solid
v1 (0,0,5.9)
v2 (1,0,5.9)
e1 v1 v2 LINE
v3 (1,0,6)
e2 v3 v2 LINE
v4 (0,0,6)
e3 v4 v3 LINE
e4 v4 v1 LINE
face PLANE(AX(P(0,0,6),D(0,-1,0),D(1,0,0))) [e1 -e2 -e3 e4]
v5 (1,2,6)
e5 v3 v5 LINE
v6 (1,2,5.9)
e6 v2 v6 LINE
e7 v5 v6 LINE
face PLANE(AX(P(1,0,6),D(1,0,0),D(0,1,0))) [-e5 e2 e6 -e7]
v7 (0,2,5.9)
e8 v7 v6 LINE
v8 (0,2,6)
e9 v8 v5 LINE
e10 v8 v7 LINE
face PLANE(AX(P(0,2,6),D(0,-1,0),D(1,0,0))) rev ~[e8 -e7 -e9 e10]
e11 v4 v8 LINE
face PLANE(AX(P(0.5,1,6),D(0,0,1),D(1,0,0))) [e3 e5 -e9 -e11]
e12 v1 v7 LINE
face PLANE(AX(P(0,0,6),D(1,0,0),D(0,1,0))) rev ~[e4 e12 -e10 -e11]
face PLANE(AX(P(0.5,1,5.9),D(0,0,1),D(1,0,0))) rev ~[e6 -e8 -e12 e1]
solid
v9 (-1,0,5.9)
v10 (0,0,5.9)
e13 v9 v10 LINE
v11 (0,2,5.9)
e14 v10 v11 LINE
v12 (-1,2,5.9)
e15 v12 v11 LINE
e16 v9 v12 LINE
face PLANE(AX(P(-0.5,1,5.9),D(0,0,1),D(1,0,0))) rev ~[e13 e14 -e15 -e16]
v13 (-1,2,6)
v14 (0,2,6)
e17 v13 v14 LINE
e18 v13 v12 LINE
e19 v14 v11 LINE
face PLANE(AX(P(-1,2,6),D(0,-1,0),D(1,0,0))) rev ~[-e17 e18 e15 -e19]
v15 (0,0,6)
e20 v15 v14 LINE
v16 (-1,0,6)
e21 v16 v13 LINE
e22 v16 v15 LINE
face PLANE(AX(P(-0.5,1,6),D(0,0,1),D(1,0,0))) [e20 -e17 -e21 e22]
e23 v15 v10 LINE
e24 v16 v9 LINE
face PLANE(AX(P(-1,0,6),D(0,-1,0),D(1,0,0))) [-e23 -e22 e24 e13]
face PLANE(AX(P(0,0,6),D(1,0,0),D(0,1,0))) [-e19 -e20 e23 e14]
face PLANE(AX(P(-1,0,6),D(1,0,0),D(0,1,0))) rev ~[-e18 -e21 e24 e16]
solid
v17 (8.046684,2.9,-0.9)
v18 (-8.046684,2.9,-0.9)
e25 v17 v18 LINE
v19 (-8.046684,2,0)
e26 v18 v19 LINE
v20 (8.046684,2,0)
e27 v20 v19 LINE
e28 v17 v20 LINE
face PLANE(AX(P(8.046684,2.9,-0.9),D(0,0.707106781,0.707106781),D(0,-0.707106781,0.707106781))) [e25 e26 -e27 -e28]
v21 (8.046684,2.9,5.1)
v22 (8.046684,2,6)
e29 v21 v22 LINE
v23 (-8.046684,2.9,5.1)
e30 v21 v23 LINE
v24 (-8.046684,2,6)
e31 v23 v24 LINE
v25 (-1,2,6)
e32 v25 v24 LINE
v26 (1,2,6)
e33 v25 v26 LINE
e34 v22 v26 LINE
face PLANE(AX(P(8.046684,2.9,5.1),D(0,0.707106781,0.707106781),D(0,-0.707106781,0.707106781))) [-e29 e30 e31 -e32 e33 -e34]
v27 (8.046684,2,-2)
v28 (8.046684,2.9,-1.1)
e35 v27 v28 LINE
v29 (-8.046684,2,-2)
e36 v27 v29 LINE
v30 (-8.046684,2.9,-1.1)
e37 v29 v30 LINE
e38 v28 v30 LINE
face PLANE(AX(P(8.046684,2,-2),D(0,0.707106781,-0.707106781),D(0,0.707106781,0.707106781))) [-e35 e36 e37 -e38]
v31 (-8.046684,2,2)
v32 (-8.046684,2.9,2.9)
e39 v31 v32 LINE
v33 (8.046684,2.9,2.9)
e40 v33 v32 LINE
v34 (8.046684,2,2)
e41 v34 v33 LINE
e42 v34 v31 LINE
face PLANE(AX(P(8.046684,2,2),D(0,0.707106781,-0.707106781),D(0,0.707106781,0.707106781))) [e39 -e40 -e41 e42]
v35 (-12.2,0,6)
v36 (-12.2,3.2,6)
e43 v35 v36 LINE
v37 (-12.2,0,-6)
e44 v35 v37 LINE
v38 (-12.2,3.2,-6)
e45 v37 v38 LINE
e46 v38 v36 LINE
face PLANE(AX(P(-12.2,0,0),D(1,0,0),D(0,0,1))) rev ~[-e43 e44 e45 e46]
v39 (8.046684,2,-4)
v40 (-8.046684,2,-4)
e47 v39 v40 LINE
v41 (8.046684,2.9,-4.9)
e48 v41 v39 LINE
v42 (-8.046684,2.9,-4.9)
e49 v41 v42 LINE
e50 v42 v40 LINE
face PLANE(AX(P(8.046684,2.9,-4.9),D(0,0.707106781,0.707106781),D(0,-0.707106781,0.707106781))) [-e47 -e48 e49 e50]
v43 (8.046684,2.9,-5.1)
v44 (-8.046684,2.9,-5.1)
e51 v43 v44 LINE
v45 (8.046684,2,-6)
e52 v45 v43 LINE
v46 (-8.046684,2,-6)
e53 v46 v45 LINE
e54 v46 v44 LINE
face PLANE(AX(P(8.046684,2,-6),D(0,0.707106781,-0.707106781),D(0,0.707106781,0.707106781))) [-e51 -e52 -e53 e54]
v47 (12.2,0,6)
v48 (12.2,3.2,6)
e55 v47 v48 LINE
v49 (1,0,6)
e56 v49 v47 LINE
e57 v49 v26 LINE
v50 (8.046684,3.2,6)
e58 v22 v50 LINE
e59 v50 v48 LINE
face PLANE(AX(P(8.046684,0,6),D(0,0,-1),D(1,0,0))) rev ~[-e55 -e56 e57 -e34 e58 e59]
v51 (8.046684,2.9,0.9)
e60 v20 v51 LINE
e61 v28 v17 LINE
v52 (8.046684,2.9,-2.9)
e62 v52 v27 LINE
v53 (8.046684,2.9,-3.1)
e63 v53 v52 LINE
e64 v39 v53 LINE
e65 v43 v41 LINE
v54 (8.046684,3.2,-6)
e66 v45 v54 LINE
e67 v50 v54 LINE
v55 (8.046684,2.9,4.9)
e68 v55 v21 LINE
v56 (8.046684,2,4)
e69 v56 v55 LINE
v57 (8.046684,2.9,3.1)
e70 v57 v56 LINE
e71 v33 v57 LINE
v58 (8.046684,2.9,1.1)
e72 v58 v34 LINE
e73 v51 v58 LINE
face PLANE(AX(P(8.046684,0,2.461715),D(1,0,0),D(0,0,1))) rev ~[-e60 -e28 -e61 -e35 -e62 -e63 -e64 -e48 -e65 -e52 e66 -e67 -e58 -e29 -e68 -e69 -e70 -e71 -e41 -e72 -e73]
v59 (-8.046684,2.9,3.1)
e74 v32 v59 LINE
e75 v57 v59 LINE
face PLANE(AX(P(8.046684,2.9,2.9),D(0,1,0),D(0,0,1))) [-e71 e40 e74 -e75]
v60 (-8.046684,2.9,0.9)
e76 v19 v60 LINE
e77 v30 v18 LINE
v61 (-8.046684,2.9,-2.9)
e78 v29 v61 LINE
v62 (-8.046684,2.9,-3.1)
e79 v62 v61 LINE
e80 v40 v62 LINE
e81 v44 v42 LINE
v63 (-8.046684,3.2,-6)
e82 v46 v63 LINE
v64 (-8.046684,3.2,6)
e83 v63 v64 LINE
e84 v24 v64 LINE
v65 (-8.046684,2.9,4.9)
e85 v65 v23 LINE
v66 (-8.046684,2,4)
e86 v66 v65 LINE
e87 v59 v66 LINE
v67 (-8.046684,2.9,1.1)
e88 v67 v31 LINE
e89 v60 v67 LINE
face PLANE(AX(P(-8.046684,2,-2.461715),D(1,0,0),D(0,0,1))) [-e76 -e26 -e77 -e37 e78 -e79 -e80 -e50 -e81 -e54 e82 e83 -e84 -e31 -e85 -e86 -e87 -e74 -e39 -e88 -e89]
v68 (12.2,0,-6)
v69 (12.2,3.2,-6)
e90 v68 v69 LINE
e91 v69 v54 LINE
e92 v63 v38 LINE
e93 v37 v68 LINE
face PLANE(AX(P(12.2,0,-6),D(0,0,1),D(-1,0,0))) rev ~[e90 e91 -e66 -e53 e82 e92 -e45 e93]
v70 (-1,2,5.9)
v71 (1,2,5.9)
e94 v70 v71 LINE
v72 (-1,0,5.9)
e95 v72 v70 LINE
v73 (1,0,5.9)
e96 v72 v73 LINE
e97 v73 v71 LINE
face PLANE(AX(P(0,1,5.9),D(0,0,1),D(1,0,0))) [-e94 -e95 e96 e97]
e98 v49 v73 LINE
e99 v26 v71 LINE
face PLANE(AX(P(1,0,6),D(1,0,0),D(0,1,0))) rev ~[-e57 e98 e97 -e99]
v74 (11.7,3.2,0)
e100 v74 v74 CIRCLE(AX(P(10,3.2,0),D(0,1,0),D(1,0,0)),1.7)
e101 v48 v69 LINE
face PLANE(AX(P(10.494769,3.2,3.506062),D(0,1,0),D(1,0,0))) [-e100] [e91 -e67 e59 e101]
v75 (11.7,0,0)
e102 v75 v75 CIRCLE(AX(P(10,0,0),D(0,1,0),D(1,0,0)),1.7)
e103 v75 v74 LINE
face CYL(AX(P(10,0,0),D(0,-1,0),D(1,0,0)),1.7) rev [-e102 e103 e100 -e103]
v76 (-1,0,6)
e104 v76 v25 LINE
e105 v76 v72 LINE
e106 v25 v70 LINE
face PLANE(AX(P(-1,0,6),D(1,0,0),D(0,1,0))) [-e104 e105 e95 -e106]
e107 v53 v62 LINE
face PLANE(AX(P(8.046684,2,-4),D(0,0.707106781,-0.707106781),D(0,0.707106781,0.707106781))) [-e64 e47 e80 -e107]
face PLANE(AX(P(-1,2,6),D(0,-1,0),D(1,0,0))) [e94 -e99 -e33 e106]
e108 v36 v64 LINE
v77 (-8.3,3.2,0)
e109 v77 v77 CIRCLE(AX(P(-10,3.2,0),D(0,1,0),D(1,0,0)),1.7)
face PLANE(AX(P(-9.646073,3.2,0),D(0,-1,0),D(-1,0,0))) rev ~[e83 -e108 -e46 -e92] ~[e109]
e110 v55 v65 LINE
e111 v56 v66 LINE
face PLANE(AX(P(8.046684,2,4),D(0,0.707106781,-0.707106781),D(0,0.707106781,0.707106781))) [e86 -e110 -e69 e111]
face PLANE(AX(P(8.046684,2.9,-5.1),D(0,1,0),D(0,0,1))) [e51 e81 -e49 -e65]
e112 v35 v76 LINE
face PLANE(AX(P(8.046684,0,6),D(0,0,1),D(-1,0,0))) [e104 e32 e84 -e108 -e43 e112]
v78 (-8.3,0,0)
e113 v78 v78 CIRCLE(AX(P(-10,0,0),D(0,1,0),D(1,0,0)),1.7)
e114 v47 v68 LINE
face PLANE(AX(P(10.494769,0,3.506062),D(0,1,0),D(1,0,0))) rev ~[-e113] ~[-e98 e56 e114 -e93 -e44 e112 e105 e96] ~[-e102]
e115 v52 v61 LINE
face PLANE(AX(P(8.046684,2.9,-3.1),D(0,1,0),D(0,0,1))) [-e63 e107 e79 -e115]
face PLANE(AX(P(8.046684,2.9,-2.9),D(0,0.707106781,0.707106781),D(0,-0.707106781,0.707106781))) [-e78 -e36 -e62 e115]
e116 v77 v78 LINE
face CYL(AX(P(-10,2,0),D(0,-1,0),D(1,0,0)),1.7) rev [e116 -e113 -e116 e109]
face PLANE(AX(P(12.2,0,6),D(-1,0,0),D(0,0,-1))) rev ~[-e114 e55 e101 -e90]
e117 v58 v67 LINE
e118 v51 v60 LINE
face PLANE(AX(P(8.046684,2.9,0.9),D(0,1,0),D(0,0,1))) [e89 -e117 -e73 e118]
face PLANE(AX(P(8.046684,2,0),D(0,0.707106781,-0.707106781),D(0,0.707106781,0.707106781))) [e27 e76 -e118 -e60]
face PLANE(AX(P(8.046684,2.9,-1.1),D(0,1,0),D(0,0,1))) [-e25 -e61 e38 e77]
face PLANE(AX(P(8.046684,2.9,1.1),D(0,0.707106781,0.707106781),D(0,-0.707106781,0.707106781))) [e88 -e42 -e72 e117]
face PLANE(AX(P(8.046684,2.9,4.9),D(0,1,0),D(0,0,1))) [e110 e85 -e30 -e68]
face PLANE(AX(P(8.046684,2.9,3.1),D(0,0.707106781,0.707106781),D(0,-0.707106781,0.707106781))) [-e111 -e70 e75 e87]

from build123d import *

# Parameters (mm, degrees)
CROQUIS1_R              = 1.7
SALIENTE_EXTRUIR1_DEPTH = 2
SALIENTE_EXTRUIR2_START = 4.796684
SALIENTE_EXTRUIR2_DEPTH = 16.093368
MATRIZL1_COUNT          = 6
MATRIZL1_PITCH          = 2
SKETCH1_W               = 2
SKETCH1_H               = 2
CUT_EXTRUDE1_DEPTH      = 0.1
SKETCH1_3_W             = 1
SKETCH1_3_H             = 2
BOSS_EXTRUDE1_DEPTH     = 0.1
SKETCH1_4_W             = 1
SKETCH1_4_H             = 2
BOSS_EXTRUDE2_DEPTH     = 0.1
BOSS_EXTRUDE3_START     = 2
CROQUIS1_4_R            = 1.7
BOSS_EXTRUDE3_DEPTH     = 1.2
BOSS_EXTRUDE4_DEPTH     = 3.2


with BuildPart() as part:
    # Croquis1 → Saliente-Extruir1 (new body)
    with BuildSketch(Plane(origin=(0, 0, 0), x_dir=(1, 0, 0), z_dir=(0, 1, 0))):
        Polygon((-8.046684223, -2.46171515), (-8.046684223, 2.46171515), (-8.046684223, 6), (8.046684223, 6), (8.046684223, 2.46171515), (8.046684223, -2.46171515), (8.046684223, -6), (-8.046684223, -6), align=None)
        with BuildLine():
            Line((8.046684223, -2.46171515), (8.046684223, 2.46171515))
            ThreePointArc((8.046684223, 2.46171515), (8.827888747, 2.181898598), (9.657649034, 2.173199442))
            ThreePointArc((9.657649034, 2.173199442), (12.2, 0), (9.657649034, -2.173199442))
            ThreePointArc((9.657649034, -2.173199442), (8.827888747, -2.181898598), (8.046684223, -2.46171515))
        make_face()
        with Locations((10, 0)):
            Circle(CROQUIS1_R, mode=Mode.SUBTRACT)
        with BuildLine():
            ThreePointArc((-9.657649034, -2.173199442), (-12.2, 0), (-9.657649034, 2.173199442))
            ThreePointArc((-9.657649034, 2.173199442), (-8.827888747, 2.181898598), (-8.046684223, 2.46171515))
            Line((-8.046684223, 2.46171515), (-8.046684223, -2.46171515))
            ThreePointArc((-8.046684223, -2.46171515), (-8.827888747, -2.181898598), (-9.657649034, -2.173199442))
        make_face()
        with Locations((-10, 0)):
            Circle(CROQUIS1_R, mode=Mode.SUBTRACT)
    extrude(amount=SALIENTE_EXTRUIR1_DEPTH)

    # Croquis4 → Saliente-Extruir2 (add)
    with BuildSketch(Plane(origin=(3.25, 0, 0), x_dir=(0, 0, -1), z_dir=(1, 0, 0)).offset(SALIENTE_EXTRUIR2_START)):
        Polygon((-6, 2), (-4, 2), (-4.9, 2.9), (-5.1, 2.9), align=None)
    saliente_extruir2 = extrude(amount=-SALIENTE_EXTRUIR2_DEPTH)

    # MatrizL1: Saliente-Extruir2 ×6
    with Locations(*[(0, 0, -i * MATRIZL1_PITCH) for i in range(1, MATRIZL1_COUNT)]):
        add(saliente_extruir2)

    # Sketch1 → Cut-Extrude1 (cut)
    with BuildSketch(Plane.XY.offset(6)):
        with Locations((0, 1)):
            Rectangle(SKETCH1_W, SKETCH1_H)
    extrude(amount=-CUT_EXTRUDE1_DEPTH, mode=Mode.SUBTRACT)

    # Croquis1<4> → Boss-Extrude3 (add)
    with BuildSketch(Plane(origin=(0, 0, 0), x_dir=(1, 0, 0), z_dir=(0, 1, 0)).offset(BOSS_EXTRUDE3_START)):
        with BuildLine():
            ThreePointArc((-9.657649034, -2.173199442), (-12.2, 0), (-9.657649034, 2.173199442))
            ThreePointArc((-9.657649034, 2.173199442), (-8.827888747, 2.181898598), (-8.046684223, 2.46171515))
            Line((-8.046684223, 2.46171515), (-8.046684223, -2.46171515))
            ThreePointArc((-8.046684223, -2.46171515), (-8.827888747, -2.181898598), (-9.657649034, -2.173199442))
        make_face()
        with Locations((-10, 0)):
            Circle(CROQUIS1_4_R, mode=Mode.SUBTRACT)
        with BuildLine():
            Line((8.046684223, -2.46171515), (8.046684223, 2.46171515))
            ThreePointArc((8.046684223, 2.46171515), (8.827888747, 2.181898598), (9.657649034, 2.173199442))
            ThreePointArc((9.657649034, 2.173199442), (12.2, 0), (9.657649034, -2.173199442))
            ThreePointArc((9.657649034, -2.173199442), (8.827888747, -2.181898598), (8.046684223, -2.46171515))
        make_face()
        with Locations((10, 0)):
            Circle(CROQUIS1_4_R, mode=Mode.SUBTRACT)
    extrude(amount=BOSS_EXTRUDE3_DEPTH)

    # Croquis1<6> → Boss-Extrude4 (add)
    with BuildSketch(Plane(origin=(0, 0, 0), x_dir=(1, 0, 0), z_dir=(0, 1, 0))):
        with BuildLine():
            ThreePointArc((9.657649034, -2.173199442), (8.827888747, -2.181898598), (8.046684223, -2.46171515))
            Line((8.046684223, -2.46171515), (8.046684223, -6))
            Line((8.046684223, -6), (12.2, -6))
            Line((12.2, -6), (12.2, 0))
            ThreePointArc((12.2, 0), (11.429480303, -1.672299633), (9.657649034, -2.173199442))
        make_face()
        with BuildLine():
            Line((12.2, 6), (8.046684223, 6))
            Line((8.046684223, 6), (8.046684223, 2.46171515))
            ThreePointArc((8.046684223, 2.46171515), (8.827888747, 2.181898598), (9.657649034, 2.173199442))
            ThreePointArc((9.657649034, 2.173199442), (11.429480303, 1.672299633), (12.2, 0))
            Line((12.2, 0), (12.2, 6))
        make_face()
        with BuildLine():
            Line((-8.046684223, -6), (-8.046684223, -2.46171515))
            ThreePointArc((-8.046684223, -2.46171515), (-8.827888747, -2.181898598), (-9.657649034, -2.173199442))
            ThreePointArc((-9.657649034, -2.173199442), (-11.429480303, -1.672299633), (-12.2, 0))
            Line((-12.2, 0), (-12.2, -6))
            Line((-12.2, -6), (-8.046684223, -6))
        make_face()
        with BuildLine():
            Line((-8.046684223, 2.46171515), (-8.046684223, 6))
            Line((-8.046684223, 6), (-12.2, 6))
            Line((-12.2, 6), (-12.2, 0))
            ThreePointArc((-12.2, 0), (-11.429480303, 1.672299633), (-9.657649034, 2.173199442))
            ThreePointArc((-9.657649034, 2.173199442), (-8.827888747, 2.181898598), (-8.046684223, 2.46171515))
        make_face()
    extrude(amount=BOSS_EXTRUDE4_DEPTH)


with BuildPart() as body_2:
    # Sketch1<3> → Boss-Extrude1 (new body)
    with BuildSketch(Plane.XY.offset(6)):
        with Locations((0.5, 1)):
            Rectangle(SKETCH1_3_W, SKETCH1_3_H)
    extrude(amount=-BOSS_EXTRUDE1_DEPTH)


with BuildPart() as body_3:
    # Sketch1<4> → Boss-Extrude2 (new body)
    with BuildSketch(Plane.XY.offset(6)):
        with Locations((-0.5, 1)):
            Rectangle(SKETCH1_4_W, SKETCH1_4_H)
    extrude(amount=-BOSS_EXTRUDE2_DEPTH)


solid = Compound([part.part, body_2.part, body_3.part])
